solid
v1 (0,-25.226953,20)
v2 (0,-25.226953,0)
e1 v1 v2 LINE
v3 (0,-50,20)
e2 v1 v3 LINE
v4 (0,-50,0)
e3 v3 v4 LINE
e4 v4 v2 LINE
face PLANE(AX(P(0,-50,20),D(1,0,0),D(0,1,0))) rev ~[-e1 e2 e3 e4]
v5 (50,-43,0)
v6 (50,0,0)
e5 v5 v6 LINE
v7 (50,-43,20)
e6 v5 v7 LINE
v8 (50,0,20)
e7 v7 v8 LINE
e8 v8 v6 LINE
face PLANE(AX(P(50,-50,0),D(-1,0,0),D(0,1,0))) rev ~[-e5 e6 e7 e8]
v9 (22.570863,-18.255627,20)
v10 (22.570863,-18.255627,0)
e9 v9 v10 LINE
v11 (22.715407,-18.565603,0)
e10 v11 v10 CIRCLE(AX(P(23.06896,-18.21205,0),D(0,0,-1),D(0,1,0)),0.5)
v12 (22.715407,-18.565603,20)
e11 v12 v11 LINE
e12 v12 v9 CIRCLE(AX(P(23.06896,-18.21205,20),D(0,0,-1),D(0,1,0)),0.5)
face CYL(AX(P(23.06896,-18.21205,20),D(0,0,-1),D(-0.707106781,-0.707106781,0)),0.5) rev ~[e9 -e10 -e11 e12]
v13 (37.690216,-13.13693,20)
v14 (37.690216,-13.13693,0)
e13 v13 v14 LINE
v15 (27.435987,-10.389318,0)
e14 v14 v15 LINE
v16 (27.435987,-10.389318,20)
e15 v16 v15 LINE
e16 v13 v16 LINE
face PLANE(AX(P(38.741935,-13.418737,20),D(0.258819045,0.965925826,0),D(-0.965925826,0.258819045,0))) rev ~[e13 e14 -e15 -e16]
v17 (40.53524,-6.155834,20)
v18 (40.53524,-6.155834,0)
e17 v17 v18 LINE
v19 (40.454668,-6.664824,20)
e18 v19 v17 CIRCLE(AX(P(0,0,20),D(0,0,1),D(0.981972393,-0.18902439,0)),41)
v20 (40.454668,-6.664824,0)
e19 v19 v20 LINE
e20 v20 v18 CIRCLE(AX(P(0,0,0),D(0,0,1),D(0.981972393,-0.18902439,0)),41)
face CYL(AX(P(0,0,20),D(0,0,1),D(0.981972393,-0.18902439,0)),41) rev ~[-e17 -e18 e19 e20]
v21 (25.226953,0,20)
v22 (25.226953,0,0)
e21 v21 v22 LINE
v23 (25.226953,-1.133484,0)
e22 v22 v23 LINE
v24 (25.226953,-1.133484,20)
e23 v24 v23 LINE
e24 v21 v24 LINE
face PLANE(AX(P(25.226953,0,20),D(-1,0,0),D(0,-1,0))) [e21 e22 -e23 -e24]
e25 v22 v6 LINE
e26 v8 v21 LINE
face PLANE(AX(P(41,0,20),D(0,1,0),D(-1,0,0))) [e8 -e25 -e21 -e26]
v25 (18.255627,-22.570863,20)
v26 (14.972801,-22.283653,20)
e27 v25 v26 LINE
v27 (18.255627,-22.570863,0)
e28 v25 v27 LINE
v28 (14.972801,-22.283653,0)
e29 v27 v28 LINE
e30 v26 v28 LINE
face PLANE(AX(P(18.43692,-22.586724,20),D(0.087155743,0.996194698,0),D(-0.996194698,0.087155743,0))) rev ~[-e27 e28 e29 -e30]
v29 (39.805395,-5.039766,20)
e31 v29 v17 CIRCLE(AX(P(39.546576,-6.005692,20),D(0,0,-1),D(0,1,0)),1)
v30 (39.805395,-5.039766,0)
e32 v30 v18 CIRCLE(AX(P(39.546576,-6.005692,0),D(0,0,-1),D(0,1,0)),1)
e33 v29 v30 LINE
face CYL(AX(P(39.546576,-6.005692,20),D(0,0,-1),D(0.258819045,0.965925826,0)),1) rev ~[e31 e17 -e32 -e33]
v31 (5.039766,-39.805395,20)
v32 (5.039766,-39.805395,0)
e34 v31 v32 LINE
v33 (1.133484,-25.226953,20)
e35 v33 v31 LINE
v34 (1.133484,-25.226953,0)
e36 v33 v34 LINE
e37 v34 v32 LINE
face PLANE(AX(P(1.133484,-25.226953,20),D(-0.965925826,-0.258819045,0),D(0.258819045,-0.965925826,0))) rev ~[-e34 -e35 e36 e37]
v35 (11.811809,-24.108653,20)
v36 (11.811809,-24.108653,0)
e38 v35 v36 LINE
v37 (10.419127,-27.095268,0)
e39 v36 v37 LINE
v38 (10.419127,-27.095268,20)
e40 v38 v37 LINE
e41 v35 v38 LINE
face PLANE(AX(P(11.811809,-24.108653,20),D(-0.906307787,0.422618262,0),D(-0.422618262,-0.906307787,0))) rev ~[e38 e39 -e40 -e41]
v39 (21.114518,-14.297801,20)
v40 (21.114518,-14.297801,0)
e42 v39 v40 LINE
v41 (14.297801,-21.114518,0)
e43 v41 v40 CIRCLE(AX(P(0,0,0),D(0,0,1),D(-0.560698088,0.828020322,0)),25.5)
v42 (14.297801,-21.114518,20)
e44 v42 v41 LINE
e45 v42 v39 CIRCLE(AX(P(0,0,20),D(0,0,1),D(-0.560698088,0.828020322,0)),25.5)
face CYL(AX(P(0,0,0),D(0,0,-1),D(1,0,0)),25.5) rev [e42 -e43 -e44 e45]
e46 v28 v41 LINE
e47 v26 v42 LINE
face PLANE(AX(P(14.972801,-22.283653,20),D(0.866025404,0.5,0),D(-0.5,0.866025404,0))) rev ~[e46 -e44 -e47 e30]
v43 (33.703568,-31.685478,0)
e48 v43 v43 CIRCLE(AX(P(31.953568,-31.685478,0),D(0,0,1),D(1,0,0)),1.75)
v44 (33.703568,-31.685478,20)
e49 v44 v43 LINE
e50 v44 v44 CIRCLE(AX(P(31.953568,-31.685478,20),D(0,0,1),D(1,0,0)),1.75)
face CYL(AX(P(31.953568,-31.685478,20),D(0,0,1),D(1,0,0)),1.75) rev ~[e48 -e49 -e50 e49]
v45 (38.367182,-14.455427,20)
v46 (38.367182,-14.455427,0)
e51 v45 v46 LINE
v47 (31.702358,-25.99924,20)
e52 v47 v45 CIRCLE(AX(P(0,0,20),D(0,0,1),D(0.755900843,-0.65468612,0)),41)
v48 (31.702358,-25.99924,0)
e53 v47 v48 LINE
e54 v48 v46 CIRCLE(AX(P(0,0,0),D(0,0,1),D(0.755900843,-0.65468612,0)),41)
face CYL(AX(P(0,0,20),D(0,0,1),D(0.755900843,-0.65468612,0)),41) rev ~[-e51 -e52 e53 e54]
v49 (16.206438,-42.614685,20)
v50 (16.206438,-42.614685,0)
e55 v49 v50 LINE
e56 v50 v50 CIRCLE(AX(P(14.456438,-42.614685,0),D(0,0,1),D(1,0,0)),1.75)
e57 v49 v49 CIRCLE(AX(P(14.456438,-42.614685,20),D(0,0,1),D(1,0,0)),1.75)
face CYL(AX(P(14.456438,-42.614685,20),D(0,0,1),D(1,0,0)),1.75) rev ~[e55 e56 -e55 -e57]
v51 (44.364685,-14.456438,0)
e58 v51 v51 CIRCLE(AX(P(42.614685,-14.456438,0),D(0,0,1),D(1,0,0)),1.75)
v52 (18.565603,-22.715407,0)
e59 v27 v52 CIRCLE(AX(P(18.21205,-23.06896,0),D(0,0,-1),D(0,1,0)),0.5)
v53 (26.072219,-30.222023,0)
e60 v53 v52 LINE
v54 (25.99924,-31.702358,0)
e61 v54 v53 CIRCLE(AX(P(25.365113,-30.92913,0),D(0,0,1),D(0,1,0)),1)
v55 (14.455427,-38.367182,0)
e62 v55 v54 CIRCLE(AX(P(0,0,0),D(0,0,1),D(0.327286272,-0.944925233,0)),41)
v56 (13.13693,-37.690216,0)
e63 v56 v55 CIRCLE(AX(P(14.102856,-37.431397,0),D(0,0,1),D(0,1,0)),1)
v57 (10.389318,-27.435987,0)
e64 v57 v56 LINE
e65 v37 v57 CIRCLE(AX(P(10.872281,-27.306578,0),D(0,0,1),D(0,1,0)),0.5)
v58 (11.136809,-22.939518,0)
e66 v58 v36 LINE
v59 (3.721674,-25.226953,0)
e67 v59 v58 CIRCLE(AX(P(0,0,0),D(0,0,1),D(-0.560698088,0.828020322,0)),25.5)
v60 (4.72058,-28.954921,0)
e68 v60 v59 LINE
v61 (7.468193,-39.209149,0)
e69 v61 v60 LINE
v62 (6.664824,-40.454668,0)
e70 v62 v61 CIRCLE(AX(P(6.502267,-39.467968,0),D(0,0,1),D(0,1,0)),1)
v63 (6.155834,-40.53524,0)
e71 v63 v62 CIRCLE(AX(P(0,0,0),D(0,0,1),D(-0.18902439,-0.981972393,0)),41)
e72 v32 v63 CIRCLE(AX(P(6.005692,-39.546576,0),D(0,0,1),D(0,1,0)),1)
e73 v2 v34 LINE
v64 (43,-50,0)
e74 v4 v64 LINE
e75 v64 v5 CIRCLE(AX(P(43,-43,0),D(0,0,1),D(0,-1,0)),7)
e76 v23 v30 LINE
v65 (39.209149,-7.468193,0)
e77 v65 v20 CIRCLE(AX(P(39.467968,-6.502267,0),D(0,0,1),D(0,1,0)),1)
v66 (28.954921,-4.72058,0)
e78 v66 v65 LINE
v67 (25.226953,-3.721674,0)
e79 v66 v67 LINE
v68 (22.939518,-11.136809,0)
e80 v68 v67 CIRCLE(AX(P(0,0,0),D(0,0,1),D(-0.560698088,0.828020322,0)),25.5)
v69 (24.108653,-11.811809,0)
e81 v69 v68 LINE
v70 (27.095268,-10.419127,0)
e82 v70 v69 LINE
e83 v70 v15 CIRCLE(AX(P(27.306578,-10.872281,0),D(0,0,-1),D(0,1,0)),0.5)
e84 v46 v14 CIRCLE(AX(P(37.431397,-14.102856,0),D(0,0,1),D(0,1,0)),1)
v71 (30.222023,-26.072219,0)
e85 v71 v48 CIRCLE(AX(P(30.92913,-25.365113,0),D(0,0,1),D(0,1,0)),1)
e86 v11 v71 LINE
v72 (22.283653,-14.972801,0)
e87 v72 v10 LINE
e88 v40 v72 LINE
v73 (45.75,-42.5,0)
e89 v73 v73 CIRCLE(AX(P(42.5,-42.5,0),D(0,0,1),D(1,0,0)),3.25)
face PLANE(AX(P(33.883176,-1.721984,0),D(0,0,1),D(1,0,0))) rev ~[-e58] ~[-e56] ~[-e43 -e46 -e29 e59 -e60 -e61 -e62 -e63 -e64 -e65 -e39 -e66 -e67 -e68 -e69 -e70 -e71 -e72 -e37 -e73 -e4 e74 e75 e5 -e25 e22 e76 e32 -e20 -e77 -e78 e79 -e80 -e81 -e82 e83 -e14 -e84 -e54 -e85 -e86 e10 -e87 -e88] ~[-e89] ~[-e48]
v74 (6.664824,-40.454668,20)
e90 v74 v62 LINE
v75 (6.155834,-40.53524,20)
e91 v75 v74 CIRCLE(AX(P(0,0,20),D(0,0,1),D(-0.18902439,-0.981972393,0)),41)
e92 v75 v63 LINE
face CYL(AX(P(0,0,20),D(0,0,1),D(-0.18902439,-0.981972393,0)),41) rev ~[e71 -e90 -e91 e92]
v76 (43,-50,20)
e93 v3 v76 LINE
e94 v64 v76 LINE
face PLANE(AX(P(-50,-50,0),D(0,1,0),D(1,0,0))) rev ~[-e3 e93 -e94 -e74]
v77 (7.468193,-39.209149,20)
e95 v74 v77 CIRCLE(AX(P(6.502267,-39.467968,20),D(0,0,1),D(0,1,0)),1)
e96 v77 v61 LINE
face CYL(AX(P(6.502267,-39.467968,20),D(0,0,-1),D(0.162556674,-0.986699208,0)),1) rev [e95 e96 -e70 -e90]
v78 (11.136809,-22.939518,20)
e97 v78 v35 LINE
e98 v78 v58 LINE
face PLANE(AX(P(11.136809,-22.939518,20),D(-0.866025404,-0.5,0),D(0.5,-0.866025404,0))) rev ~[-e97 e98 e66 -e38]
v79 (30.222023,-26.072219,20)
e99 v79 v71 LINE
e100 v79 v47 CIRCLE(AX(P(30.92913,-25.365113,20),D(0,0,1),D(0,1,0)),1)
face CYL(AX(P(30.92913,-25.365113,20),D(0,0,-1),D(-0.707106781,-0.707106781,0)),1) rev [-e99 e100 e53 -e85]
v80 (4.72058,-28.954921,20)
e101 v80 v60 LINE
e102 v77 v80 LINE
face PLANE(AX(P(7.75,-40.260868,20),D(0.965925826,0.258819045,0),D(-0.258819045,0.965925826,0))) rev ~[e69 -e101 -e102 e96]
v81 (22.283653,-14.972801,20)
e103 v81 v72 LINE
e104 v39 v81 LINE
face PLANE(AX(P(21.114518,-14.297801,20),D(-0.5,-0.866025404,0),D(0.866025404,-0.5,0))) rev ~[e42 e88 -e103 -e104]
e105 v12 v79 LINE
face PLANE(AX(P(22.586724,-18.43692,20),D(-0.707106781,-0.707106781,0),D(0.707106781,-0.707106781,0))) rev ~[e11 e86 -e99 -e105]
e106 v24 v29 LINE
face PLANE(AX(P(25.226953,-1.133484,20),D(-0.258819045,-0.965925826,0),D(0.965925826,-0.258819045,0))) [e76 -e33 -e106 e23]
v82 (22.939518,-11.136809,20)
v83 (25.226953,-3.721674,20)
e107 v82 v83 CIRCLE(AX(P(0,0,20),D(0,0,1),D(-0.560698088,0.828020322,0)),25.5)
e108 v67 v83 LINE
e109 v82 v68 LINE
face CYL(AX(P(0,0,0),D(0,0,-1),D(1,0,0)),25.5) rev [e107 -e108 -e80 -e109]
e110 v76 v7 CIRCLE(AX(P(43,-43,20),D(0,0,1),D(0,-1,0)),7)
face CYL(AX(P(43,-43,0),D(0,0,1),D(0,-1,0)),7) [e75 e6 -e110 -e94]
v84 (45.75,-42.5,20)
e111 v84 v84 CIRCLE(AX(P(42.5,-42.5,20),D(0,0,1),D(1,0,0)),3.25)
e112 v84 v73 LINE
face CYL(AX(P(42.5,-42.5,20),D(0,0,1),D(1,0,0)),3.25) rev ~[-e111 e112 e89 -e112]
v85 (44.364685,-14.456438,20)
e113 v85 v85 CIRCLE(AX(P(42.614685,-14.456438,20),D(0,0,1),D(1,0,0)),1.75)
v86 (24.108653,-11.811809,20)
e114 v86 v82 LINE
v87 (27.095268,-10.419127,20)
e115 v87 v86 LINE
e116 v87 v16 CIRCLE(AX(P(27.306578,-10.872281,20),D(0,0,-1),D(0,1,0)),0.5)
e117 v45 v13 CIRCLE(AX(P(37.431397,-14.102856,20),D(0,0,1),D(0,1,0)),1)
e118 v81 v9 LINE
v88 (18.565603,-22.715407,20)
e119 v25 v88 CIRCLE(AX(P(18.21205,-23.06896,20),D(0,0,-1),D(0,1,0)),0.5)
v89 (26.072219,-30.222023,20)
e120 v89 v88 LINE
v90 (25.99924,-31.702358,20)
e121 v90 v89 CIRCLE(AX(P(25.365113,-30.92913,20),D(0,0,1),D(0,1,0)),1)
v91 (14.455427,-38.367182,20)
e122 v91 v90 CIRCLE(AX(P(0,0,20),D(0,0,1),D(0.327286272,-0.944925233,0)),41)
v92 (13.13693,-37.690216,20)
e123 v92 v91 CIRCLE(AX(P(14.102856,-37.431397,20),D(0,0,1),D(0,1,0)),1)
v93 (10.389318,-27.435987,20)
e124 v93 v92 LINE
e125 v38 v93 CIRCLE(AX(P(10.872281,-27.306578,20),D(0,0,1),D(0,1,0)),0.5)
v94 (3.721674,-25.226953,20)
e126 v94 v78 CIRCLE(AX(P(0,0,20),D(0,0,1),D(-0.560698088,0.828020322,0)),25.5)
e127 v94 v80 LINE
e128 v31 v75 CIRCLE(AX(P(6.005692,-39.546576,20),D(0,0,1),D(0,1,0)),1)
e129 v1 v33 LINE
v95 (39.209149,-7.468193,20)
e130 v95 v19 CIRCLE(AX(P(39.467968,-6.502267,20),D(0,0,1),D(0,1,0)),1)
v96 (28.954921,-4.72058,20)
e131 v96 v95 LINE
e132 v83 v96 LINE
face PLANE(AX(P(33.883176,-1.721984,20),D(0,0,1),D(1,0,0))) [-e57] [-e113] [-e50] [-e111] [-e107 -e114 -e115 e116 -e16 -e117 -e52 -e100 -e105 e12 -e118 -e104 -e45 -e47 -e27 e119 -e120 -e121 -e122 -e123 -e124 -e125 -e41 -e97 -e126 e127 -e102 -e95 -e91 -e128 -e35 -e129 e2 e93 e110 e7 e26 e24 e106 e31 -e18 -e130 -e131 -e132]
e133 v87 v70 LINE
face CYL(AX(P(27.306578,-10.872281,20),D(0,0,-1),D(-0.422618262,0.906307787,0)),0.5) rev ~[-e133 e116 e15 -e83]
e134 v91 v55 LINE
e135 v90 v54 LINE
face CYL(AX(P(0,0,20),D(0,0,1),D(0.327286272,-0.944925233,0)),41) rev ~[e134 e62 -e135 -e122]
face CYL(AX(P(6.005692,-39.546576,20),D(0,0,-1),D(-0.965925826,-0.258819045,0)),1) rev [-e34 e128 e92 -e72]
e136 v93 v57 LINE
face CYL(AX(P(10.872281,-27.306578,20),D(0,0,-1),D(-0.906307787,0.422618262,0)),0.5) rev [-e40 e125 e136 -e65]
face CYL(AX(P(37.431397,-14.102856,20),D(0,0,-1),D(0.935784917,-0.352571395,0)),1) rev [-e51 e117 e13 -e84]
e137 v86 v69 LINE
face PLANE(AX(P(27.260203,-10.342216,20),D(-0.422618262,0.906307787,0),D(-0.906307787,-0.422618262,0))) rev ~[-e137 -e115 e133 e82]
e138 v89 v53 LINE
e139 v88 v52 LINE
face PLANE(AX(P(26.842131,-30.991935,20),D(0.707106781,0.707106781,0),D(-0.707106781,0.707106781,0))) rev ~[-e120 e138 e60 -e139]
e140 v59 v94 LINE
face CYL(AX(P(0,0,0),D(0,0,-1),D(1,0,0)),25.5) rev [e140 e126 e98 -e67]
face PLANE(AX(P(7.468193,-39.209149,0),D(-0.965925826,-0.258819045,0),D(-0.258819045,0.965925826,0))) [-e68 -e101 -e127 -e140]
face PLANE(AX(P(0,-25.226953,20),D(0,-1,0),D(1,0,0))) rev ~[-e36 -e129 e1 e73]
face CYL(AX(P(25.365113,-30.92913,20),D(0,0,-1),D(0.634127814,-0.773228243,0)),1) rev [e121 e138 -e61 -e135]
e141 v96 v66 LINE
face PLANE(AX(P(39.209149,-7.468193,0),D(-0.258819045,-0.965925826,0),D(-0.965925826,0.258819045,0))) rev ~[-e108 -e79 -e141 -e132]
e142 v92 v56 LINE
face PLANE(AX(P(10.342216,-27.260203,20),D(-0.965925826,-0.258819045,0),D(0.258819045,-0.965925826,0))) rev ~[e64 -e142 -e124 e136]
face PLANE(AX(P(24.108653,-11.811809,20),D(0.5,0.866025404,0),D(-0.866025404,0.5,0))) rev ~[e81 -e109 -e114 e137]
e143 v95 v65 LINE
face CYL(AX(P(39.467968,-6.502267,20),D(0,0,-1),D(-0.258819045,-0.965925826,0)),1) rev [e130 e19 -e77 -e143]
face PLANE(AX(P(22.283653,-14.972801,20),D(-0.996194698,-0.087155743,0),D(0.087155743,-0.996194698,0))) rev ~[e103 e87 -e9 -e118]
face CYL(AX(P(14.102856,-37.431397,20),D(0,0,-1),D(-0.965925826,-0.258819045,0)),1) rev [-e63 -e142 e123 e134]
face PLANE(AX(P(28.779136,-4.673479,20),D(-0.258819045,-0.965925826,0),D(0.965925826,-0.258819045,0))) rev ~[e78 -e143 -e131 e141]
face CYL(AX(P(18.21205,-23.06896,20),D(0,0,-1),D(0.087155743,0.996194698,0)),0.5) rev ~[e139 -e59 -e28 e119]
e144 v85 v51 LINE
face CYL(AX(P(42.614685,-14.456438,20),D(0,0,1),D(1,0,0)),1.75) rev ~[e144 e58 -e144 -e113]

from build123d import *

# Parameters (mm, degrees)
SKETCH1_W                              = 100
SKETCH1_H                              = 100
SKETCH1_R                              = 25.5
LAMINATION_EXTRUCTION_DEPTH            = 20
SLOT_CUT_DEPTH                         = 74.484692283
SLOT_FILLET_TOP_R                      = 1
SLOT_FILLET_BOTTOM_R                   = 0.5
SLOT_DUPLICATE_COUNT                   = 12
SLOT_FILLET_TOP_OF_SLOT_DUPLICATE_R    = 1
SLOT_FILLET_BOTTOM_OF_SLOT_DUPLICATE_R = 0.5
SKETCH3_R                              = 3.25
BOLT_HOLE_CUT_DEPTH                    = 74.484692283
CORNER_FILLET_R                        = 7
SKETCH4_W                              = 50
SKETCH4_H                              = 100
CUT_EXTRUDE1_DEPTH                     = 74.484692283
SKETCH5_W                              = 50
SKETCH5_H                              = 50
CUT_EXTRUDE2_DEPTH                     = 74.484692283
SKETCH6_R                              = 1.75
CUT_EXTRUDE3_DEPTH                     = 74.484692283
CUT_EXTRUDE4_DEPTH                     = 74.484692283
BOSS_EXTRUDE1_START                    = -20
BOSS_EXTRUDE1_DEPTH                    = 20
FILLET1_R                              = 1


with BuildPart() as part:
    # Sketch1 → Lamination Extruction (new body)
    with BuildSketch(Plane.XY):
        Rectangle(SKETCH1_W, SKETCH1_H)
        Circle(SKETCH1_R, mode=Mode.SUBTRACT)
    extrude(amount=LAMINATION_EXTRUCTION_DEPTH)

    # Sketch2 → Slot Cut (cut, through all)
    with BuildSketch(Plane.XY.offset(20)):
        with BuildLine():
            Line((4.673479277, 28.779136449), (7.75, 40.260868098))
            ThreePointArc((7.75, 40.260868098), (0, 41), (-7.75, 40.260868098))
            Line((-7.75, 40.260868098), (-4.673479277, 28.779136449))
            Line((-4.673479277, 28.779136449), (-1.825, 26.784609787))
            Line((-1.825, 26.784609787), (-1.825, 25.434609787))
            ThreePointArc((-1.825, 25.434609787), (0, 25.5), (1.825, 25.434609787))
            Line((1.825, 25.434609787), (1.825, 26.784609787))
            Line((1.825, 26.784609787), (4.673479277, 28.779136449))
        make_face()
    slot_cut = extrude(amount=-SLOT_CUT_DEPTH, mode=Mode.SUBTRACT)

    # Slot Fillet Top
    slot_fillet_top_edges = [part.edges().sort_by_distance(p)[0] for p in [
        (-7.75, 40.260868098, 10),
        (7.75, 40.260868098, 10),
    ]]
    fillet(slot_fillet_top_edges, radius=SLOT_FILLET_TOP_R)

    # Slot Fillet Bottom
    slot_fillet_bottom_edges = [part.edges().sort_by_distance(p)[0] for p in [
        (4.673479277, 28.779136449, 10),
        (-4.673479277, 28.779136449, 10),
    ]]
    fillet(slot_fillet_bottom_edges, radius=SLOT_FILLET_BOTTOM_R)

    # Slot Duplicate: Slot Cut ×12 about axis
    slot_duplicate_axis = Axis((0, 0, 0), (0, 0, 1))
    for i in range(1, SLOT_DUPLICATE_COUNT):
        add(slot_cut.rotate(slot_duplicate_axis, i * 360 / SLOT_DUPLICATE_COUNT), mode=Mode.SUBTRACT)

    # Slot Fillet Top of Slot Duplicate
    slot_fillet_top_of_slot_duplicate_edges = [part.edges().sort_by_distance(p)[0] for p in [
        (-26.842130928, 30.991934551, 10),
        (-13.41873717, 38.741934551, 10),
        (-38.741934551, 13.41873717, 10),
        (-30.991934551, 26.842130928, 10),
        (-40.260868098, -7.75, 10),
        (-40.260868098, 7.75, 10),
        (-30.991934551, -26.842130928, 10),
        (-38.741934551, -13.41873717, 10),
        (-13.41873717, -38.741934551, 10),
        (-26.842130928, -30.991934551, 10),
        (7.75, -40.260868098, 10),
        (-7.75, -40.260868098, 10),
        (26.842130928, -30.991934551, 10),
        (13.41873717, -38.741934551, 10),
        (38.741934551, -13.41873717, 10),
        (30.991934551, -26.842130928, 10),
        (40.260868098, 7.75, 10),
        (40.260868098, -7.75, 10),
        (30.991934551, 26.842130928, 10),
        (38.741934551, 13.41873717, 10),
        (13.41873717, 38.741934551, 10),
        (26.842130928, 30.991934551, 10),
    ]]
    fillet(slot_fillet_top_of_slot_duplicate_edges, radius=SLOT_FILLET_TOP_OF_SLOT_DUPLICATE_R)

    # Slot Fillet Bottom of Slot Duplicate
    slot_fillet_bottom_of_slot_duplicate_edges = [part.edges().sort_by_distance(p)[0] for p in [
        (-10.342216447, 27.260202902, 10),
        (-18.436920002, 22.586723625, 10),
        (-22.586723625, 18.436920002, 10),
        (-27.260202902, 10.342216447, 10),
        (-28.779136449, 4.673479277, 10),
        (-28.779136449, -4.673479277, 10),
        (-27.260202902, -10.342216447, 10),
        (-22.586723625, -18.436920002, 10),
        (-18.436920002, -22.586723625, 10),
        (-10.342216447, -27.260202902, 10),
        (-4.673479277, -28.779136449, 10),
        (4.673479277, -28.779136449, 10),
        (10.342216447, -27.260202902, 10),
        (18.436920002, -22.586723625, 10),
        (22.586723625, -18.436920002, 10),
        (27.260202902, -10.342216447, 10),
        (28.779136449, -4.673479277, 10),
        (28.779136449, 4.673479277, 10),
        (27.260202902, 10.342216447, 10),
        (22.586723625, 18.436920002, 10),
        (18.436920002, 22.586723625, 10),
        (10.342216447, 27.260202902, 10),
    ]]
    fillet(slot_fillet_bottom_of_slot_duplicate_edges, radius=SLOT_FILLET_BOTTOM_OF_SLOT_DUPLICATE_R)

    # Sketch3 → Bolt Hole Cut (cut, through all)
    with BuildSketch(Plane.XY.offset(20)):
        with Locations((-42.5, 42.5)):
            Circle(SKETCH3_R)
        with Locations((42.5, 42.5)):
            Circle(SKETCH3_R)
        with Locations((42.5, -42.5)):
            Circle(SKETCH3_R)
        with Locations((-42.5, -42.5)):
            Circle(SKETCH3_R)
    extrude(amount=-BOLT_HOLE_CUT_DEPTH, mode=Mode.SUBTRACT)

    # Corner Fillet
    corner_fillet_edges = [part.edges().sort_by_distance(p)[0] for p in [
        (-50, 50, 10),
        (50, 50, 10),
        (50, -50, 10),
        (-50, -50, 10),
    ]]
    fillet(corner_fillet_edges, radius=CORNER_FILLET_R)

    # Sketch4 → Cut-Extrude1 (cut, through all)
    with BuildSketch(Plane.XY.offset(20)):
        with Locations((-25, 0)):
            Rectangle(SKETCH4_W, SKETCH4_H)
    extrude(amount=-CUT_EXTRUDE1_DEPTH, mode=Mode.SUBTRACT)

    # Sketch5 → Cut-Extrude2 (cut, through all)
    with BuildSketch(Plane.XY.offset(20)):
        with Locations((25, 25)):
            Rectangle(SKETCH5_W, SKETCH5_H)
    extrude(amount=-CUT_EXTRUDE2_DEPTH, mode=Mode.SUBTRACT)

    # Sketch6 → Cut-Extrude3 (cut, through all)
    with BuildSketch(Plane.XY.offset(20)):
        with Locations((42.614685392, -14.45643763)):
            Circle(SKETCH6_R)
        with Locations((14.45643763, -42.614685392)):
            Circle(SKETCH6_R)
        with Locations((31.95356776, -31.685477863)):
            Circle(SKETCH6_R)
    extrude(amount=-CUT_EXTRUDE3_DEPTH, mode=Mode.SUBTRACT)

    # Sketch7 → Cut-Extrude4 (cut, through all)
    with BuildSketch(Plane(origin=(0, 0, 0), x_dir=(-1, 0, 0), z_dir=(0, 0, -1))):
        Polygon((-7.468192794, -39.209149287), (-3.721674491, -25.22695263), (0, -25.22695263), (0, -41), align=None)
        Polygon((-39.209149287, -7.468192794), (-25.22695263, -3.721674491), (-25.22695263, 0), (-41, 0), align=None)
    extrude(amount=-CUT_EXTRUDE4_DEPTH, mode=Mode.SUBTRACT)

    # Sketch8 → Boss-Extrude1 (add)
    with BuildSketch(Plane(origin=(0, 0, 0), x_dir=(-1, 0, 0), z_dir=(0, 0, -1)).offset(BOSS_EXTRUDE1_START)):
        with BuildLine():
            Line((-25.22695263, -1.13348404), (-40.660054712, -5.26877128))
            ThreePointArc((-40.660054712, -5.26877128), (-40.914925414, -2.63986333), (-41, 0))
            Line((-41, 0), (-25.22695263, 0))
            Line((-25.22695263, 0), (-25.22695263, -1.13348404))
        make_face()
        with BuildLine():
            Line((0, -41), (0, -25.22695263))
            Line((0, -25.22695263), (-1.13348404, -25.22695263))
            Line((-1.13348404, -25.22695263), (-5.26877128, -40.660054712))
            ThreePointArc((-5.26877128, -40.660054712), (-2.63986333, -40.914925414), (0, -41))
        make_face()
    extrude(amount=BOSS_EXTRUDE1_DEPTH)

    # Fillet1
    fillet1_edges = [part.edges().sort_by_distance(p)[0] for p in [
        (40.660054712, -5.26877128, 10),
        (5.26877128, -40.660054712, 10),
    ]]
    fillet(fillet1_edges, radius=FILLET1_R)


solid = part.part
